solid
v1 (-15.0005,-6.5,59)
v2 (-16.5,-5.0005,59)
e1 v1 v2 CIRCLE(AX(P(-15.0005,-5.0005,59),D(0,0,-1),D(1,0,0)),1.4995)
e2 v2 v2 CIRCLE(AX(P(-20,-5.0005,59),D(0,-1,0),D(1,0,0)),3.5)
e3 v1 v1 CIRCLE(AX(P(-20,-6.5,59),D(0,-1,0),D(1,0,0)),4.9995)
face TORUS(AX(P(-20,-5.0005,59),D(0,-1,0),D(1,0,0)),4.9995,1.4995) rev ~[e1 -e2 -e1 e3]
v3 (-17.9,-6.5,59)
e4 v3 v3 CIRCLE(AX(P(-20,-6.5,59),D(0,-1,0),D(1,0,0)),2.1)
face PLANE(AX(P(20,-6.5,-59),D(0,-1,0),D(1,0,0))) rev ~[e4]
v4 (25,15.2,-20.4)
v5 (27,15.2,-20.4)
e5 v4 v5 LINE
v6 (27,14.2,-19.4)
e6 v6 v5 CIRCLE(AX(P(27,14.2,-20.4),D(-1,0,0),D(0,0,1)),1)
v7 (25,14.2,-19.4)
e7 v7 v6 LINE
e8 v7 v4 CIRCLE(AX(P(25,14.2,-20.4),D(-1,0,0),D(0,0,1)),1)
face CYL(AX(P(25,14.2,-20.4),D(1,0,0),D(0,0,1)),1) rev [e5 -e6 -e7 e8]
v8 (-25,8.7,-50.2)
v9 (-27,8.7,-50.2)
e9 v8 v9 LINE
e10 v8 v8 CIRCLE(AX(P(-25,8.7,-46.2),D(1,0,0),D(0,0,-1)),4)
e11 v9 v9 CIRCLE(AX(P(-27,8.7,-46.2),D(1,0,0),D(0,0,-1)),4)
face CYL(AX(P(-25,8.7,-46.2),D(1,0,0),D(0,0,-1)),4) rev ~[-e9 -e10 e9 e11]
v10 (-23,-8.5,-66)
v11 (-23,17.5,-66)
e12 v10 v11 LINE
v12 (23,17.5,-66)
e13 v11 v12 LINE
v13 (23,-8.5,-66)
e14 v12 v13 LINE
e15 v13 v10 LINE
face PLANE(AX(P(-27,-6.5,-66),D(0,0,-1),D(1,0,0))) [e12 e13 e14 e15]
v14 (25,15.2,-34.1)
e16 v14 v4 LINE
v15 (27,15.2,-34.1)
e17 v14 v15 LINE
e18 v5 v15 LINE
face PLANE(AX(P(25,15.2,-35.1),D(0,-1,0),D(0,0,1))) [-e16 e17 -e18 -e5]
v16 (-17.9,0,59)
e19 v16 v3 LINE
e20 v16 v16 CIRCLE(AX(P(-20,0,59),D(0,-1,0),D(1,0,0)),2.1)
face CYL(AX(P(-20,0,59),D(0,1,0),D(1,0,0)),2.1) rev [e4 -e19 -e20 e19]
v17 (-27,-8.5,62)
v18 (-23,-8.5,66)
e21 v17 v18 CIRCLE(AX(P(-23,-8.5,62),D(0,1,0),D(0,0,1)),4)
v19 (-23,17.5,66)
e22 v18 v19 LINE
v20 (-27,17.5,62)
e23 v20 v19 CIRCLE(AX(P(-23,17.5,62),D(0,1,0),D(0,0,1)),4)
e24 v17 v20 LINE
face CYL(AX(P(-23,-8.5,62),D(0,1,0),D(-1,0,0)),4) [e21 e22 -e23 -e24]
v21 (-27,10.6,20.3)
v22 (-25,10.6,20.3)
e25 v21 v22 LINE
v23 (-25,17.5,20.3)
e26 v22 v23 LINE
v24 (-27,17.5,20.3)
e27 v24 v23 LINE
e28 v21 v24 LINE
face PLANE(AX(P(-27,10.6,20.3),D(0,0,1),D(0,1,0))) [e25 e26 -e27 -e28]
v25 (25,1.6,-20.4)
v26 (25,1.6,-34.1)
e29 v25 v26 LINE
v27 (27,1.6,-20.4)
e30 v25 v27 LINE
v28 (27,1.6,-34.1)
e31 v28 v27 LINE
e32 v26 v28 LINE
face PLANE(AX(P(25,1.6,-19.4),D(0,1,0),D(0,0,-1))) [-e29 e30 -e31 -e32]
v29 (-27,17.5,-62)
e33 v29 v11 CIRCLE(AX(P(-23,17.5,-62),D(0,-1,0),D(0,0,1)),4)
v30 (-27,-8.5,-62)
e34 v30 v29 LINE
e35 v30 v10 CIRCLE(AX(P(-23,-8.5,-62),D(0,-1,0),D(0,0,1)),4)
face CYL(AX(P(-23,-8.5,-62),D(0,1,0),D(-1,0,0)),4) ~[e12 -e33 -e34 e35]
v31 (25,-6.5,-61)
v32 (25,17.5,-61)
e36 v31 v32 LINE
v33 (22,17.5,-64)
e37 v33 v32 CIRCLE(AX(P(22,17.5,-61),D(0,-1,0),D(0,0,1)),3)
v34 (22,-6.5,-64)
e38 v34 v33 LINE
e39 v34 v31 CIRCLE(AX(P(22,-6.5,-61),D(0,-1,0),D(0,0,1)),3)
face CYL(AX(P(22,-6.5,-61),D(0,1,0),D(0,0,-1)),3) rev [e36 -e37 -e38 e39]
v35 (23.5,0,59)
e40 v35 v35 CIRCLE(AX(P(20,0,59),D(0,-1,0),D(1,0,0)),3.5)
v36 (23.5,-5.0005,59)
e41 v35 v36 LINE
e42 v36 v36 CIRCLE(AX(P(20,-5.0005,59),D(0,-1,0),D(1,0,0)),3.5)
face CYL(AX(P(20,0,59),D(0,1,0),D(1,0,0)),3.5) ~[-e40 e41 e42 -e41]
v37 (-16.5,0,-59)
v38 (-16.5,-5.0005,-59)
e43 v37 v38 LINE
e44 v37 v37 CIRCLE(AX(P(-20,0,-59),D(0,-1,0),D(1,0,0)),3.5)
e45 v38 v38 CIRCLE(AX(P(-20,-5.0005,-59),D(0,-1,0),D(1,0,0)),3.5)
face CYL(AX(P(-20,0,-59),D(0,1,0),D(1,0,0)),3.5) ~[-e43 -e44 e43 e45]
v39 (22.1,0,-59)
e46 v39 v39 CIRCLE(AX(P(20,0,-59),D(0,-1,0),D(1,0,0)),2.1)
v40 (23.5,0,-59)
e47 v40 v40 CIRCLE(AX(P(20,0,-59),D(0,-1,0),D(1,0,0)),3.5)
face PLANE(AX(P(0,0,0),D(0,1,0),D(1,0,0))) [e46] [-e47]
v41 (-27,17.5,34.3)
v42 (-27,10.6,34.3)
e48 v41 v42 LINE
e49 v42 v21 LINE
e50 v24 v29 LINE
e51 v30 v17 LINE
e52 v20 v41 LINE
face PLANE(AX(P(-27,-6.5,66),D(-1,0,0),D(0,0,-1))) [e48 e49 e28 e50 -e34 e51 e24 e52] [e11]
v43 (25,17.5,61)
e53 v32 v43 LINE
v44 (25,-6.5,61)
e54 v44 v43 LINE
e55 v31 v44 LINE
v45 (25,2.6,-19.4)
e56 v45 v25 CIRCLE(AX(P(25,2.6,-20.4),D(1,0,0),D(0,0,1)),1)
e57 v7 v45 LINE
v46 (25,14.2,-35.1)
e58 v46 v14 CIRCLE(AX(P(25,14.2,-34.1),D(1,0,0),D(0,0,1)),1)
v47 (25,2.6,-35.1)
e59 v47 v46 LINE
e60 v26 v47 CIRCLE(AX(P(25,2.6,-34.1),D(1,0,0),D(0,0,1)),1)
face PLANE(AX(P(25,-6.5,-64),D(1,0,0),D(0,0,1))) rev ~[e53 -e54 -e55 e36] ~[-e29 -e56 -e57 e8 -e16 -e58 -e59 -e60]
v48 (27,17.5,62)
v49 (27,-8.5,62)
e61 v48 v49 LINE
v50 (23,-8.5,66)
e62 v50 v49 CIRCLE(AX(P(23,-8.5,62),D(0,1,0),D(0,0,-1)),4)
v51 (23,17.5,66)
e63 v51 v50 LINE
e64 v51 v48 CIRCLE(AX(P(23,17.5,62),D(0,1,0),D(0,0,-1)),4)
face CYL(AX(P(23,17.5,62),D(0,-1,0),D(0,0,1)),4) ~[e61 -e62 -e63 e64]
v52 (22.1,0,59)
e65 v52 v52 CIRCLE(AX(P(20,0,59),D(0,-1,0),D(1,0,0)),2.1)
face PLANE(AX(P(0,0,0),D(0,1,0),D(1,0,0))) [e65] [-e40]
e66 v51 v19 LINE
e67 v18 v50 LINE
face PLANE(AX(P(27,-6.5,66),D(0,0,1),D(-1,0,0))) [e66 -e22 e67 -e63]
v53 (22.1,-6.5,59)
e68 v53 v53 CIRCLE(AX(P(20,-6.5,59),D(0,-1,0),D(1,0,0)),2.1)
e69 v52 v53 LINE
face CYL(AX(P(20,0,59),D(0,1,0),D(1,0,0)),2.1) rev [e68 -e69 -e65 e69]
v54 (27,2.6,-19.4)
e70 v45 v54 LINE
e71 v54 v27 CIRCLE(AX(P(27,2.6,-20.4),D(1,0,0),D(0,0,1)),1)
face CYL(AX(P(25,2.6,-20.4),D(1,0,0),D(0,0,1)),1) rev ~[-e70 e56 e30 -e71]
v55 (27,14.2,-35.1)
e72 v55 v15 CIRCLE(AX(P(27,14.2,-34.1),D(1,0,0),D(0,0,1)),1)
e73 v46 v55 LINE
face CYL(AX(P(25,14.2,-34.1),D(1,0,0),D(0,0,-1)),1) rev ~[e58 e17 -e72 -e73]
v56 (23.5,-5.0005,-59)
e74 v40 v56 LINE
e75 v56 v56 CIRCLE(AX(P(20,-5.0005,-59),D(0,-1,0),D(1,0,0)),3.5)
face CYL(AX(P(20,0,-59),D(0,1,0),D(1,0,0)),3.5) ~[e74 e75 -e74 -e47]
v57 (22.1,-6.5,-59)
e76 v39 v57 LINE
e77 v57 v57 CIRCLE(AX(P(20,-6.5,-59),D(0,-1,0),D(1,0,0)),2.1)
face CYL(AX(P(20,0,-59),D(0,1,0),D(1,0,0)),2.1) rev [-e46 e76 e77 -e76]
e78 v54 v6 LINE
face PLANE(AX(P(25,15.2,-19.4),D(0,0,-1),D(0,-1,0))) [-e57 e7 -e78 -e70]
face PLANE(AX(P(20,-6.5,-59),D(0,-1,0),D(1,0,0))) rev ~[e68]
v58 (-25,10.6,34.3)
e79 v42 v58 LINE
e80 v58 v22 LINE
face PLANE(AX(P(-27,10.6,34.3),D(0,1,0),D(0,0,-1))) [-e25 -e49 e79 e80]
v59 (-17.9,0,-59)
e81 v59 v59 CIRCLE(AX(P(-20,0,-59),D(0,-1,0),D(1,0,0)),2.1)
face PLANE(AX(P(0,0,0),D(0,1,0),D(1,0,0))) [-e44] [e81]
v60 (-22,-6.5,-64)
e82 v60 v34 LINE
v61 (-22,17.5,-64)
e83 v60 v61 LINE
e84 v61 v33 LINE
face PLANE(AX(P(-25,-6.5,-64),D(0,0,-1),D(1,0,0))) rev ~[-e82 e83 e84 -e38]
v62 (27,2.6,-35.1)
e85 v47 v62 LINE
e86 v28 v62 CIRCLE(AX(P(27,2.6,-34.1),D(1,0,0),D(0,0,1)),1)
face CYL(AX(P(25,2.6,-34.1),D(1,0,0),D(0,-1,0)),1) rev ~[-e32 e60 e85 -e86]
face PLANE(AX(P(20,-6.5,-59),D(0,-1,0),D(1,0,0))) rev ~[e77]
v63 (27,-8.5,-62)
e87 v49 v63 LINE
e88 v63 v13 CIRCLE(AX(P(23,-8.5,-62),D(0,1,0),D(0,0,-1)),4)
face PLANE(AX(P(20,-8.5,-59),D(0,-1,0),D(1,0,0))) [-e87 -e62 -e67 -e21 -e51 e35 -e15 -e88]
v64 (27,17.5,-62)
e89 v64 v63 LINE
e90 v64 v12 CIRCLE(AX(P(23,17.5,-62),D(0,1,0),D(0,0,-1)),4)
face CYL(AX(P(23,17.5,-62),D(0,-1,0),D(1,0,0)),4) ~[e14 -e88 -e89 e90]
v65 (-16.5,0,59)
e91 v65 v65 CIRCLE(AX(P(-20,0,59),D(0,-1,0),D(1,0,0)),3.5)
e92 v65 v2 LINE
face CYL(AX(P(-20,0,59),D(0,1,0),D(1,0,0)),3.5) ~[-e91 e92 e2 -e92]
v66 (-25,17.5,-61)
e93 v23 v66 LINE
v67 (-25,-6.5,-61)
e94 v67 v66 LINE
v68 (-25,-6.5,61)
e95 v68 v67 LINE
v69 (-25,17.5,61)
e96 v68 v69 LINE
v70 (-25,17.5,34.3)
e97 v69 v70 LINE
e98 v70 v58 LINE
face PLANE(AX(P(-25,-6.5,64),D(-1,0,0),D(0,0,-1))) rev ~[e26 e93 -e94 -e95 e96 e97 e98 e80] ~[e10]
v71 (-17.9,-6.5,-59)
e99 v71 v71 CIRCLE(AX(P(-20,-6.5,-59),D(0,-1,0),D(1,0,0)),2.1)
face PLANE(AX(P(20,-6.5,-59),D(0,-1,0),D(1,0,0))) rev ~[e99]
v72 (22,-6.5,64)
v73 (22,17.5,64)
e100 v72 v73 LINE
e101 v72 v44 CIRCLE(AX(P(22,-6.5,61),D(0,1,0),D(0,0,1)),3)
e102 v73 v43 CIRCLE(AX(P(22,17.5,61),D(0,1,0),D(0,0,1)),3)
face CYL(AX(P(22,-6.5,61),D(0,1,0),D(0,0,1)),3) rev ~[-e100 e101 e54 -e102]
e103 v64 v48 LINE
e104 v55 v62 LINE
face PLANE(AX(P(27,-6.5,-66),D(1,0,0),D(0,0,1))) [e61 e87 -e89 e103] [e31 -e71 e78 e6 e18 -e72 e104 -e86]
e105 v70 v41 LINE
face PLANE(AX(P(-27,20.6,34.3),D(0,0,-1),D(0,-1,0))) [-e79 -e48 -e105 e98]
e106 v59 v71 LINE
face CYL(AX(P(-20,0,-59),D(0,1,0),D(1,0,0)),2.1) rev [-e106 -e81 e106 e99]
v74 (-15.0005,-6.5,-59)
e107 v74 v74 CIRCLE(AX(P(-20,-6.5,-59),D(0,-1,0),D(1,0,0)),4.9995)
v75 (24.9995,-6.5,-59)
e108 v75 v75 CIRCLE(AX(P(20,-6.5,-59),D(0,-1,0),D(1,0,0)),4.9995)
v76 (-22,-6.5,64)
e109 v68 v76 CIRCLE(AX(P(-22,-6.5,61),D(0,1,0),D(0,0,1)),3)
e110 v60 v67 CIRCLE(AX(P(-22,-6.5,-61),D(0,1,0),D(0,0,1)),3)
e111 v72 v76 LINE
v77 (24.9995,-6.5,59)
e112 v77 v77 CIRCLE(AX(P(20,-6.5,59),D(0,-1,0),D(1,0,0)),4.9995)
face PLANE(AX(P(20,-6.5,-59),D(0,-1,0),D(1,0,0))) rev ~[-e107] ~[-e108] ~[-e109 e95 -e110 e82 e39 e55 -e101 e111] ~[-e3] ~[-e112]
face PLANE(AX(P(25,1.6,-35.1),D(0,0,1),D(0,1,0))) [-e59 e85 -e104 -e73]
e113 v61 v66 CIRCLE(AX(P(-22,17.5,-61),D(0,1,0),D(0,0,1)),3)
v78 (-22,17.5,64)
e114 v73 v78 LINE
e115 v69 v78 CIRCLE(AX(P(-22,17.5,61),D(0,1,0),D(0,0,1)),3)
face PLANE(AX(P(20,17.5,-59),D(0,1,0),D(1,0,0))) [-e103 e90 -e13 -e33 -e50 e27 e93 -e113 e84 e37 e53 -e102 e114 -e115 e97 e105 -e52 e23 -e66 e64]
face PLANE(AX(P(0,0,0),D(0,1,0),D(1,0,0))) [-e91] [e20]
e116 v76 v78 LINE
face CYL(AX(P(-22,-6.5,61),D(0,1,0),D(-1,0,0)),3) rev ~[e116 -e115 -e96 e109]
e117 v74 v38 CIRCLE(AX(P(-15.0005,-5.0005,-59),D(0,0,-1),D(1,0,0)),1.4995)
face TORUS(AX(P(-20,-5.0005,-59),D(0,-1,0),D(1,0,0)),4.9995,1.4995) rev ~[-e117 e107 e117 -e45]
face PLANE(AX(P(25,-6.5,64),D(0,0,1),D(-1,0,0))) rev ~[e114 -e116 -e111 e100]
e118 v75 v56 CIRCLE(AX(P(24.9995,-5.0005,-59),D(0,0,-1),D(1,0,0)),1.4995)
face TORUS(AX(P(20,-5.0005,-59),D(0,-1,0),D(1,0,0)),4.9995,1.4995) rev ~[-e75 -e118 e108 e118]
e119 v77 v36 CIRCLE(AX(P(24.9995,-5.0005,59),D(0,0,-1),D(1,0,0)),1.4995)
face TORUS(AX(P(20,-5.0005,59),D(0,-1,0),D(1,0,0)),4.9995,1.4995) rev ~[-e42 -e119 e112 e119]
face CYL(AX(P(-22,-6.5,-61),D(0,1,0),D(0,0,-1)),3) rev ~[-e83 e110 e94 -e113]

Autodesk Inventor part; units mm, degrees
ref_plane "YZ Plane" through (0, 0, 0) normal (1, 0, 0) x (0, 1, 0)
ref_plane "XZ Plane" through (0, 0, 0) normal (0, 1, 0) x (-1, 0, 0)
ref_plane "XY Plane" through (0, 0, 0) normal (0, 0, 1) x (1, 0, 0)
sketch "Sketch1" plane through (0, 0, 0) normal (0, 1, 0) x (-1, 0, 0)
  line L0 (-24, 63) -> (24, 63)
  line L1 (24, 63) -> (24, -63)
  line L2 (24, -63) -> (-24, -63)
  line L3 (-24, -63) -> (-24, 63)
  line L4 (-24, 63) -> (24, -63) construction
  line L5 (24, 63) -> (-24, -63) construction
  line L6 (-20, 59) -> (20, 59) construction
  line L7 (20, 59) -> (20, -59) construction
  line L8 (20, -59) -> (-20, -59) construction
  line L9 (-20, -59) -> (-20, 59) construction
  line L10 (-20, 59) -> (20, -59) construction
  line L11 (20, 59) -> (-20, -59) construction
  circle A0 centre (20, 59) radius 1.55
  circle A1 centre (20, -59) radius 1.55
  circle A2 centre (-20, -59) radius 1.55
  circle A3 centre (-20, 59) radius 1.55
  point P0 (0, 0)
  dimension "d0" = 126
  dimension "d1" = 48
  dimension "d2" = 3.1
  dimension "d3" = 4
  dimension "d4" = 4
  dimension "d5" = 3.1
  dimension "d6" = 3.1
  dimension "d7" = 3.1
extrude "Extrusion1" add sketch "Sketch1" along normal blind 1.6
fillet "Fillet1" radius 5 4 edges at (24, 0.8, -63) (-24, 0.8, -63) (24, 0.8, 63) (-24, 0.8, 63)
sketch "Sketch2" plane through (0, 0, 0) normal (0, -1, 0) x (1, 0, 0)
  circle A0 centre (20, 59) radius 1.55 projected
  circle A1 centre (20, 59) radius 2.1
  circle A2 centre (20, 59) radius 3.5
  line L0 (0, 0) -> (23.8307, 0) construction
  line L1 (0, 0) -> (0, 62.8307) construction
  circle A3 centre (20, -59) radius 1.55
  circle A4 centre (20, -59) radius 2.1
  circle A5 centre (20, -59) radius 3.5
  circle A6 centre (-20, 59) radius 1.55
  circle A7 centre (-20, 59) radius 2.1
  circle A8 centre (-20, 59) radius 3.5
  circle A9 centre (-20, -59) radius 1.55
  circle A10 centre (-20, -59) radius 2.1
  circle A11 centre (-20, -59) radius 3.5
  point P0 (-23.8307, 0)
  dimension "d11" = 4.2
  dimension "d12" = 7
extrude "Extrusion2" add sketch "Sketch2" along normal blind 6.5 contours A2 | A5 | A8 | A11
sketch "Sketch3" plane through (20, -6.5, -59) normal (0, -1, 0) x (1, 0, 0)
  line L0 (-47, 125) -> (7, 125)
  line L1 (7, 125) -> (7, -7)
  line L2 (7, -7) -> (-47, -7)
  line L3 (-47, -7) -> (-47, 125)
  line L4 (-47, 125) -> (7, -7) construction
  line L5 (7, 125) -> (-47, -7) construction
  line L6 (4, 117) -> (4, 1) projected
  line L7 (-39, 122) -> (-1, 122) projected
  point P0 (-20, 59)
  dimension "d17" = 3
  dimension "d18" = 3
extrude "Extrusion3" add sketch "Sketch3" along normal blind 2
sketch "Sketch4" plane through (20, -6.5, -59) normal (0, 1, 0) x (1, 0, 0)
  line L0 (-47, 7) -> (7, 7) projected
  line L1 (7, -125) -> (-47, -125)
  line L2 (-47, -125) -> (-47, 7)
  line L3 (-47, 7) -> (7, 7)
  line L4 (7, 7) -> (7, -125)
  line L5 (7, -125) -> (-47, 7) construction
  line L6 (-47, -125) -> (7, 7) construction
  line L7 (5, -123) -> (-45, -123)
  line L8 (-45, -123) -> (-45, 5)
  line L9 (-45, 5) -> (5, 5)
  line L10 (5, 5) -> (5, -123)
  line L11 (5, -123) -> (-45, 5) construction
  line L12 (-45, -123) -> (5, 5) construction
  point P0 (-20, -59)
  dimension "d21" = 2
  dimension "d22" = 2
extrude "Extrusion4" add sketch "Sketch4" along normal blind 24
sketch "Sketch5" plane through (-25, -6.5, 64) normal (1, 0, 0) x (0, 0, -1)
  circle A0 centre (110.2, 15.2) radius 4
  line L0 (6, 6.5) -> (122, 6.5) projected
  point P0 (64, 6.5)
  point P1 (1, 8.1)
  point P2 (127, 8.1)
  point P3 (108.5902, 6.5)
  point P4 (111.8098, 6.5)
  dimension "d25" = 8.7
  dimension "d27" = 16.8
  dimension "d28" = 8
extrude "Extrusion5" cut sketch "Sketch5" against normal blind 15.5
sketch "Sketch6" plane through (25, -6.5, -64) normal (-1, 0, 0) x (0, 0, 1)
  line L0 (28.9, 21.7) -> (44.6, 21.7)
  line L1 (44.6, 21.7) -> (44.6, 8.1)
  line L2 (44.6, 8.1) -> (28.9, 8.1)
  line L3 (28.9, 8.1) -> (28.9, 21.7)
  line L4 (122, 8.1) -> (6, 8.1) projected
  point P0 (64, 6.5)
  point P1 (1, 8.1)
  dimension "d31" = 43.6
  dimension "d32" = 15.7
  dimension "d33" = 13.6
extrude "Extrusion6" cut sketch "Sketch6" against normal blind 15.5
fillet "Fillet2" radius 1 4 edges at (26, 1.6, -35.1) (26, 1.6, -19.4) (26, 15.2, -19.4) (26, 15.2, -35.1)
sketch "Sketch7" plane through (-27, -8.5, -66) normal (-1, 0, 0) x (0, 0, 1)
  line L0 (86.3, 29.1) -> (100.3, 29.1)
  line L1 (100.3, 29.1) -> (100.3, 19.1)
  line L2 (100.3, 19.1) -> (86.3, 19.1)
  line L3 (86.3, 19.1) -> (86.3, 29.1)
  line L4 (86.3, 29.1) -> (100.3, 19.1) construction
  line L5 (100.3, 29.1) -> (86.3, 19.1) construction
  line L6 (8, 10.1) -> (124, 10.1) projected
  point P0 (66, 8.5)
  point P1 (93.3, 24.1)
  point P2 (129, 10.1)
  dimension "d37" = 14
  dimension "d38" = 10
  dimension "d39" = 35.7
  dimension "d40" = 14
extrude "Extrusion7" cut sketch "Sketch7" against normal blind 15.5
sketch "Sketch8" plane through (0, 1.6, 0) normal (0, 1, 0) x (1, 0, 0)
  line L0 (-24, 63) -> (24, 63)
  line L1 (24, 63) -> (24, -63)
  line L2 (24, -63) -> (-24, -63)
  line L3 (-24, -63) -> (-24, 63)
  line L4 (-24, 63) -> (24, -63) construction
  line L5 (24, 63) -> (-24, -63) construction
  line L6 (24, -58) -> (24, 58) projected
  line L7 (19, 63) -> (-19, 63) projected
  point P0 (0, 0)
extrude "Extrusion8" cut sketch "Sketch8" against normal blind 1.6
fillet "Fillet3" radius 1.5 4 edges at (-23.5, -6.5, -59) (16.5, -6.5, -59) (16.5, -6.5, 59) (-23.5, -6.5, 59)
fillet "Fillet4" radius 3 4 edges at (25, 5.5, -64) (25, 5.5, 64) (-25, 5.5, 64) (-25, 5.5, -64)
fillet "Fillet5" radius 4 4 edges at (-27, 4.5, 66) (-27, 4.5, -66) (27, 4.5, -66) (27, 4.5, 66)
equation "\"d5\" = d2"
equation "\"d6\" = d2"
equation "\"d7\" = d2"
properties part number "Control_PCB_enclosure"
